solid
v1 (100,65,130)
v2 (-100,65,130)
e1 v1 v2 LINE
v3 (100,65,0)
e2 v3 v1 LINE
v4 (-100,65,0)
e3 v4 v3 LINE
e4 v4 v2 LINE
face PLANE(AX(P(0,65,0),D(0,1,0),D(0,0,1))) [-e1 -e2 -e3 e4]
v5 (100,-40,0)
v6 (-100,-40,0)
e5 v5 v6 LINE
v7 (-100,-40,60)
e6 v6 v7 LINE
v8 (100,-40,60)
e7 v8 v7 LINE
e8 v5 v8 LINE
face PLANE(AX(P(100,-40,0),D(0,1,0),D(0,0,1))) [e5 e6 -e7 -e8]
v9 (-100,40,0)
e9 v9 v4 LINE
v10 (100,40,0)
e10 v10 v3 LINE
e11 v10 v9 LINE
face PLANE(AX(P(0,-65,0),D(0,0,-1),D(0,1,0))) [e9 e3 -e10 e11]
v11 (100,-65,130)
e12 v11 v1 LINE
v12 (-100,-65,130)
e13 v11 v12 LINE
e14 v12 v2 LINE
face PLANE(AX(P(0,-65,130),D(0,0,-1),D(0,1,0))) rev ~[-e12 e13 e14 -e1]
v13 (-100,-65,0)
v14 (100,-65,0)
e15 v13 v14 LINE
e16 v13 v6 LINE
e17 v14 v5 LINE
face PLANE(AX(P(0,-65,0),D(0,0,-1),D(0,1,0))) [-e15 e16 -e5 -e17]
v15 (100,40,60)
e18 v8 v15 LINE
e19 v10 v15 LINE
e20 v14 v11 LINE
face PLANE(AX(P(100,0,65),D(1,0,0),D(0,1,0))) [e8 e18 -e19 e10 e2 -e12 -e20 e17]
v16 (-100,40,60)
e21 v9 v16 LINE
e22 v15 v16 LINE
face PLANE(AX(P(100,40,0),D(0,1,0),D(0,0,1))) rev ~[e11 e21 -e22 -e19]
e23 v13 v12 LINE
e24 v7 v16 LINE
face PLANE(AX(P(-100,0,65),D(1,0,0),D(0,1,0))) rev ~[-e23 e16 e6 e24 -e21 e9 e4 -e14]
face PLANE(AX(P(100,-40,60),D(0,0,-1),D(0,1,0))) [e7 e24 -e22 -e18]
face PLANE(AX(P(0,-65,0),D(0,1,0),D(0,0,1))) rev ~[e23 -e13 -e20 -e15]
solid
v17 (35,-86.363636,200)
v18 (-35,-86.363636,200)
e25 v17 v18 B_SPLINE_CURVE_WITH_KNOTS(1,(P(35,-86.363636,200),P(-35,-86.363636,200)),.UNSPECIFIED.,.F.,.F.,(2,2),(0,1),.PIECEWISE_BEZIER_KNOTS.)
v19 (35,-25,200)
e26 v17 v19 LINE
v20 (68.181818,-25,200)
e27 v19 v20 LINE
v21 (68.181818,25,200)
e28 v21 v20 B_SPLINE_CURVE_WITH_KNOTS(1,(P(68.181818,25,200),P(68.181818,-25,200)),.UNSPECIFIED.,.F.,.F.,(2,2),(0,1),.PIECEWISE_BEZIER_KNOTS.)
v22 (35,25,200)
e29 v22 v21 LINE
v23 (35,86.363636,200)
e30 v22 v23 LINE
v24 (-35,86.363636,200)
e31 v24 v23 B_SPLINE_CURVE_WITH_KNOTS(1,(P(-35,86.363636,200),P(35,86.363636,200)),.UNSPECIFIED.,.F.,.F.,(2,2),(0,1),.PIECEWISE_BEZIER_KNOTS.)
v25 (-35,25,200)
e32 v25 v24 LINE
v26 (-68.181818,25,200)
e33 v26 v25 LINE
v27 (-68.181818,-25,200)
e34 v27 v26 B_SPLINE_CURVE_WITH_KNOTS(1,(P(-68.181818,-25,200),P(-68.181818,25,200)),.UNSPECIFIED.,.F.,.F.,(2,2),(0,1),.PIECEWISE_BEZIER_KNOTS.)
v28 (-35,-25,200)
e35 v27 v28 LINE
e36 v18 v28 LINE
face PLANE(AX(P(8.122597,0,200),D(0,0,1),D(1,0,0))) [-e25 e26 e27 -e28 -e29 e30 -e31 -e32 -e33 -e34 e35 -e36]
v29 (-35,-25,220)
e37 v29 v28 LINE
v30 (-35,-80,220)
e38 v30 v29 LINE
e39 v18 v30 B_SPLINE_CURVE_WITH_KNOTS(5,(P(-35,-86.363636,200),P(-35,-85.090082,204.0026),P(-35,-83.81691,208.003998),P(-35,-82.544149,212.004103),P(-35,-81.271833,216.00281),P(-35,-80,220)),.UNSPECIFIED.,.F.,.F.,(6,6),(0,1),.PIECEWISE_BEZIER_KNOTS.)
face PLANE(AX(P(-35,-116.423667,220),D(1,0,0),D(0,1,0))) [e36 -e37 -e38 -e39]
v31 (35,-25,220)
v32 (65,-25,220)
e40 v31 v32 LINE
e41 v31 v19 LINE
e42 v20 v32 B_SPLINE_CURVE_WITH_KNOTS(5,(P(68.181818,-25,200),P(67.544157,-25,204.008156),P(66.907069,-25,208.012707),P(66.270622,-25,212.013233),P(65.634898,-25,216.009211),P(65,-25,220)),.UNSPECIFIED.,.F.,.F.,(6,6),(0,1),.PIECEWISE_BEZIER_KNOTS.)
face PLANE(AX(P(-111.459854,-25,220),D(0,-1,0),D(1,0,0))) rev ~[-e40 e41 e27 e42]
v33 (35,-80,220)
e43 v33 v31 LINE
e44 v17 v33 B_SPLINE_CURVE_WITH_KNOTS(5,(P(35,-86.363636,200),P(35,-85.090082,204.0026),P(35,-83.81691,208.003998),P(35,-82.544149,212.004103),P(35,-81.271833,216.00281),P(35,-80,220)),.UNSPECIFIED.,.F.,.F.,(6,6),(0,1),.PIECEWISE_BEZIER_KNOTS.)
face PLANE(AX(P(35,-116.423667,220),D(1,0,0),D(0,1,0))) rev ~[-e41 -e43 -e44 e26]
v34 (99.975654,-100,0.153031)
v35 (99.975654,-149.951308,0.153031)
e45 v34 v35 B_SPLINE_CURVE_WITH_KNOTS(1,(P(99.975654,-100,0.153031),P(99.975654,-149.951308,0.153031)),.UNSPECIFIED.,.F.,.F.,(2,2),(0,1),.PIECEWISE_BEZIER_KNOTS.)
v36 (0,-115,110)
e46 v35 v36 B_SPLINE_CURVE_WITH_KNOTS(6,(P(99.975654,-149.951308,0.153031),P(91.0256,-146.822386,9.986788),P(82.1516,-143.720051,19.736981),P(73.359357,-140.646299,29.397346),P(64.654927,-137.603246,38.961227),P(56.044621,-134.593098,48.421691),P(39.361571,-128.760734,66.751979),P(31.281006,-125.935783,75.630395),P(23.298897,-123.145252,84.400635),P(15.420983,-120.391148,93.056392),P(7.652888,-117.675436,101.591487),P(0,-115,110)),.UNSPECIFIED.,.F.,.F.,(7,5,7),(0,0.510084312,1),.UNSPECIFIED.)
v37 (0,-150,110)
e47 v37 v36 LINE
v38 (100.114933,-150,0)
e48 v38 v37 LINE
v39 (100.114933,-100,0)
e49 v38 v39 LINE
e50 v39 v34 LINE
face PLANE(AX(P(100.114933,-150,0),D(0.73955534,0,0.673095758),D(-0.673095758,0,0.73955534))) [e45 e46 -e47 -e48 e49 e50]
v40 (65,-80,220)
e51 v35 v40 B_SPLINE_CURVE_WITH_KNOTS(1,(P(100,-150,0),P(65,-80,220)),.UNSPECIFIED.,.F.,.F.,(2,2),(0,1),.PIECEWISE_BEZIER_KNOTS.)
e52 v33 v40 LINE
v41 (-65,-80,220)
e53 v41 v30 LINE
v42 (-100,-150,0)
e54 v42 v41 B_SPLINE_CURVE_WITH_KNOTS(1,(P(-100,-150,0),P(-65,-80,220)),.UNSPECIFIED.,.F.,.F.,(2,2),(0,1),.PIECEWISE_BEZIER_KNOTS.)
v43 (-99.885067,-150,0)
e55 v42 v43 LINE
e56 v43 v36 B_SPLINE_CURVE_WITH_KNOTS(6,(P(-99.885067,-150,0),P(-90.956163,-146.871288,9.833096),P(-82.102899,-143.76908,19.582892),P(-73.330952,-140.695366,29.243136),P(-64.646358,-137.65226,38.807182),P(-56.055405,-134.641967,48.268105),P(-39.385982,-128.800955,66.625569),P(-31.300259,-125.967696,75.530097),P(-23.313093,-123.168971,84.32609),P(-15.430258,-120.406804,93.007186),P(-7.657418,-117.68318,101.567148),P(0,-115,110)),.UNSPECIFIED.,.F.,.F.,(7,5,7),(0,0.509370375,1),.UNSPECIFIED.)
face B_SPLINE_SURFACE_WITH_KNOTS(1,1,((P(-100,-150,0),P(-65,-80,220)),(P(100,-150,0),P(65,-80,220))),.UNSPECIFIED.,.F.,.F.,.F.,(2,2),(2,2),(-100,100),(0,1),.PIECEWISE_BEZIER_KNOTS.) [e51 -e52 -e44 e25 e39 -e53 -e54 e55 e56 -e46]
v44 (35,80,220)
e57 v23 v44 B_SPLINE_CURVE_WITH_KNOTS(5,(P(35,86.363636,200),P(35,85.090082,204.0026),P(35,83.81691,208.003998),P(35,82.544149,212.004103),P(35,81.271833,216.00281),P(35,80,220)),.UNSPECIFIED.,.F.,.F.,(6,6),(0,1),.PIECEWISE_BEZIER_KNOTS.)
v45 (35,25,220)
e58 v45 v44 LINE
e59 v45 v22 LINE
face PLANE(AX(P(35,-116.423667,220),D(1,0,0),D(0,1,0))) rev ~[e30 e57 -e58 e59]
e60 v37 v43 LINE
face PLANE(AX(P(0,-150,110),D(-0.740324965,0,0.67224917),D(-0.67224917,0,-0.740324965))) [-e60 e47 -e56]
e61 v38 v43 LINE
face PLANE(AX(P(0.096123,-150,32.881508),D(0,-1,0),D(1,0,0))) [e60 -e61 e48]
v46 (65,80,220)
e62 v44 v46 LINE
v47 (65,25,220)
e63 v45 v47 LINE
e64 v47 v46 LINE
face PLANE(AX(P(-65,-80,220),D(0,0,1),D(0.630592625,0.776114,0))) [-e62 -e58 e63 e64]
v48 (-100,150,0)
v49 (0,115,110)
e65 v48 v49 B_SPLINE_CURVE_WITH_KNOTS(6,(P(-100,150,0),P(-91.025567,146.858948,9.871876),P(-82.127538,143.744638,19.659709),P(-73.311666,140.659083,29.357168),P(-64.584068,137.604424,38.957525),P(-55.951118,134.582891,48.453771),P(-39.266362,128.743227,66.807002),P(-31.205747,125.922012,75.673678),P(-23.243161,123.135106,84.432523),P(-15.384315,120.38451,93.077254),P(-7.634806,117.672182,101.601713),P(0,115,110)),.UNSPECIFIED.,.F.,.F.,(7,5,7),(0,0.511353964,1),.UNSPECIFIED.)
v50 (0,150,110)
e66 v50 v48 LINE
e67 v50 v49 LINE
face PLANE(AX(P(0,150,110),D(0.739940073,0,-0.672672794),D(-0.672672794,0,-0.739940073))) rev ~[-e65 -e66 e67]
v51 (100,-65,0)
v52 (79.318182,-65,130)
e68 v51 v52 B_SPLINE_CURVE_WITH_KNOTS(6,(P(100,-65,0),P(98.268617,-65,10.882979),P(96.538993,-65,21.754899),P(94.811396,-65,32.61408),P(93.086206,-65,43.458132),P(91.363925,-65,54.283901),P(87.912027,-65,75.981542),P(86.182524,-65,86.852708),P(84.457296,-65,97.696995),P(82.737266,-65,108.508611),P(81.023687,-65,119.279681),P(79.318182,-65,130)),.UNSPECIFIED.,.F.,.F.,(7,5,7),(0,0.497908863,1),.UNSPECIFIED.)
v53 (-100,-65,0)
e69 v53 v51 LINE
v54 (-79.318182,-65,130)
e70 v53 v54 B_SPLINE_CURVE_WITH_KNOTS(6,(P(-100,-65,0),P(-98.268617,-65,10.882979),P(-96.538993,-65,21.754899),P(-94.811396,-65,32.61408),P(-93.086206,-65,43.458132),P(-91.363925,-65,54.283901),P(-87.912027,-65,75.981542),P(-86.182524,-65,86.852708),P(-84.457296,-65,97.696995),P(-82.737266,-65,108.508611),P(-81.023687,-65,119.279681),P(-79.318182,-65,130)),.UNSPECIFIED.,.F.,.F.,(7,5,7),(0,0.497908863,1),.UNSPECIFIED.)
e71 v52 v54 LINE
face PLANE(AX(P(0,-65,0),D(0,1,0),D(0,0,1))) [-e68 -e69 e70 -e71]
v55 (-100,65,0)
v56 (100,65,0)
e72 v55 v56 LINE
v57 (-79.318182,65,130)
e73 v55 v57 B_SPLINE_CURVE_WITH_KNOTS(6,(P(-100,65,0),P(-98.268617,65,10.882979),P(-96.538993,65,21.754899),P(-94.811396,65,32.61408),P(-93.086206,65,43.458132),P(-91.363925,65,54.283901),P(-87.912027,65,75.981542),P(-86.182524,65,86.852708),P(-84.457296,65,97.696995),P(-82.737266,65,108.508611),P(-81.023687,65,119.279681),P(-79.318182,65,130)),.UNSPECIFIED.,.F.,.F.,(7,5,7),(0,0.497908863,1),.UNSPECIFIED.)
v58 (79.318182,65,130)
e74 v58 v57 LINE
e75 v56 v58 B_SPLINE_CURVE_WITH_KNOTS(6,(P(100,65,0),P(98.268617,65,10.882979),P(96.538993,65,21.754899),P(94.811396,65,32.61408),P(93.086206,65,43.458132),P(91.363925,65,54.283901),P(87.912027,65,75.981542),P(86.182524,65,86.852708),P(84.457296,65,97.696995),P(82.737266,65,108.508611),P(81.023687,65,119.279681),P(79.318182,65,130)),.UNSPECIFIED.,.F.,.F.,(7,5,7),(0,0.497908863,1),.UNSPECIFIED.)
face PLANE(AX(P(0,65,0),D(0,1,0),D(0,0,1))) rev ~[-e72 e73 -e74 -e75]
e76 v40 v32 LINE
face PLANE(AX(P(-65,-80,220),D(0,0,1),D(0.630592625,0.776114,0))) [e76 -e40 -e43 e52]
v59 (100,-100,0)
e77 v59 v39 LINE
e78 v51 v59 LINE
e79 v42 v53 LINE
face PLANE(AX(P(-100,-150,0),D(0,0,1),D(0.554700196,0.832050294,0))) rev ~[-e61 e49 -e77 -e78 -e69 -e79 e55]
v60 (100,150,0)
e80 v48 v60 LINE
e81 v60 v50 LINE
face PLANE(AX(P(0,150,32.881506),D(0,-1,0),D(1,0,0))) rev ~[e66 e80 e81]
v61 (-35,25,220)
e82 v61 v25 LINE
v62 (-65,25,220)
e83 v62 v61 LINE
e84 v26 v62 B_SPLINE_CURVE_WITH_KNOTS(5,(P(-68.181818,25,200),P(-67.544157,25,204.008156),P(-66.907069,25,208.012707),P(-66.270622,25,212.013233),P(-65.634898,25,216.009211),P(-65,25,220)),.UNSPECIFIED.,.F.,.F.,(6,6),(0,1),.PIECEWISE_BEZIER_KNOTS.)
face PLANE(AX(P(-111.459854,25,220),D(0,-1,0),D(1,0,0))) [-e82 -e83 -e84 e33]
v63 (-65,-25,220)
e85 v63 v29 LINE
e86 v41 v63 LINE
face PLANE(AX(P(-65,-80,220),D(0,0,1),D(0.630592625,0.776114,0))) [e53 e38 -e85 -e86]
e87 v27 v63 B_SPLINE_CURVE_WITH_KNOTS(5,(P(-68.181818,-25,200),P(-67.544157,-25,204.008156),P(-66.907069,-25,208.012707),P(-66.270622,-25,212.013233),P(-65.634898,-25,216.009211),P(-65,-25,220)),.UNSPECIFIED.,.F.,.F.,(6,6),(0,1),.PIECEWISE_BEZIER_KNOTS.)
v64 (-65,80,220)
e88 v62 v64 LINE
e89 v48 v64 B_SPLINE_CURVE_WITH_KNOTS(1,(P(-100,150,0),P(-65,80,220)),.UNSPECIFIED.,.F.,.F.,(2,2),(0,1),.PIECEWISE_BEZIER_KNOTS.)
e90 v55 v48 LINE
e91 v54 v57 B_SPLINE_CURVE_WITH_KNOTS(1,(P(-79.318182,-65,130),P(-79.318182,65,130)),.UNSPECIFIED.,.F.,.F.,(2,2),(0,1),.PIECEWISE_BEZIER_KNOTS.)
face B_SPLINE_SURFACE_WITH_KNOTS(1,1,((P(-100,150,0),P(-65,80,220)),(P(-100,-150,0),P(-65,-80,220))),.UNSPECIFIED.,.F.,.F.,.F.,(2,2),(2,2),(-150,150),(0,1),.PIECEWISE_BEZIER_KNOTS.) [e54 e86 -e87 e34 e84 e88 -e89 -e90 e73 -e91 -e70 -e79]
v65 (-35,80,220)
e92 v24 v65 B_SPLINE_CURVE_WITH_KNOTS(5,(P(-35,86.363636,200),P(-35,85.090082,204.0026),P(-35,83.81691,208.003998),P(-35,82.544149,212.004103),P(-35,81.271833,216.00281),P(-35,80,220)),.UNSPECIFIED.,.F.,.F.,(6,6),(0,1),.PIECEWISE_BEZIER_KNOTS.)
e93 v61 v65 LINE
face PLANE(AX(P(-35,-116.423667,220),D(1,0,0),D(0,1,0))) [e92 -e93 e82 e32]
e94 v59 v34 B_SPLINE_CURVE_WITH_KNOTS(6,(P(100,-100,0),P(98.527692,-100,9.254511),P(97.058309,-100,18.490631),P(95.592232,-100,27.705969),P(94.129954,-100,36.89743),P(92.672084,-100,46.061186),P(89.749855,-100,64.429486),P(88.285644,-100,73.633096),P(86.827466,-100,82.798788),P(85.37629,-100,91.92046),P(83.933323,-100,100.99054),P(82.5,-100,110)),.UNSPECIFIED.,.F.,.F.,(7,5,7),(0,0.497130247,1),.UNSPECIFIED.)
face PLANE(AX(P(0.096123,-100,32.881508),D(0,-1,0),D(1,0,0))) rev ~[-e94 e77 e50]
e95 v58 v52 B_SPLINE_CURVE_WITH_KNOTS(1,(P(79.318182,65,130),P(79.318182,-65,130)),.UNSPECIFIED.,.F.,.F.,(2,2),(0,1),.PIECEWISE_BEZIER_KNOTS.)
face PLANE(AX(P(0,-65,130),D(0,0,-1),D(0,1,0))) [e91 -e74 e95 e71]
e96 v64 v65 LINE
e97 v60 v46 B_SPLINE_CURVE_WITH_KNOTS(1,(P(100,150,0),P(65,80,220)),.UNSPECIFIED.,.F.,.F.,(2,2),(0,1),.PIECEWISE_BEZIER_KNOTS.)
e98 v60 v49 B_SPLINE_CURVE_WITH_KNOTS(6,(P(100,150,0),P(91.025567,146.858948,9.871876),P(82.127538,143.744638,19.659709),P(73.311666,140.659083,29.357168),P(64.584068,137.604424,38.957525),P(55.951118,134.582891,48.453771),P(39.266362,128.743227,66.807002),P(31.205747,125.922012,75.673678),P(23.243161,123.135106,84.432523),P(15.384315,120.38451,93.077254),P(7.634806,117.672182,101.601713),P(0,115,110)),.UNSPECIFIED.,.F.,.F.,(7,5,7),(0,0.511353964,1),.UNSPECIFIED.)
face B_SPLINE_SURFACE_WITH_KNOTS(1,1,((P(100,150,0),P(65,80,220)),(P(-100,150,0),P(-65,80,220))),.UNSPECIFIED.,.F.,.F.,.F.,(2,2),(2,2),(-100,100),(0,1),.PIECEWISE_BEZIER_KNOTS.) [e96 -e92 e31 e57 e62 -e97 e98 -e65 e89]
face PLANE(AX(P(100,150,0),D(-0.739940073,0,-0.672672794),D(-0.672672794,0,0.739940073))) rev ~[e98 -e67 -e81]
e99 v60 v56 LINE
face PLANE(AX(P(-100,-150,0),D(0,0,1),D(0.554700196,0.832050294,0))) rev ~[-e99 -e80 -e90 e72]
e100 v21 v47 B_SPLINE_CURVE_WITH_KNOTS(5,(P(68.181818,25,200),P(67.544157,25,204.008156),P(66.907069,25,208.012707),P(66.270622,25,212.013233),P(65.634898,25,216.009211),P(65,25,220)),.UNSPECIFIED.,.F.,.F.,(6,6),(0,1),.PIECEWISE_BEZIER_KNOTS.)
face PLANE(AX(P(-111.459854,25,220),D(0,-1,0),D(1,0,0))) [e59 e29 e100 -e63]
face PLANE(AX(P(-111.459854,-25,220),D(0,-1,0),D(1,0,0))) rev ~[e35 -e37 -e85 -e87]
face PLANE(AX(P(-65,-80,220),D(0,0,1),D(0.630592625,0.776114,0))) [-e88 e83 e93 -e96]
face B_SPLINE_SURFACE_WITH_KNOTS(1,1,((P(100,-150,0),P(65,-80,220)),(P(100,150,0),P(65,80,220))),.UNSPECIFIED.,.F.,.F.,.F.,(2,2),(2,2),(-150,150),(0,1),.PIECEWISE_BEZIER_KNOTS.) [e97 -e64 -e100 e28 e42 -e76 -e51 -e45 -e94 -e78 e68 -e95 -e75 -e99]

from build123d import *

# Parameters (mm, degrees)
SKETCH006_W     = 130
SKETCH006_H     = 130
PAD002_DEPTH    = 100
PAD001_DEPTH    = 50
PAD_DEPTH       = 50
SKETCH_W        = 200
SKETCH_H        = 300
SKETCH001_W     = 130
SKETCH001_H     = 160
SKETCH002_W     = 70
SKETCH002_H     = 243.677445
POCKET_DEPTH    = 20
SKETCH003_W     = 239.164902
SKETCH003_H     = 50
POCKET001_DEPTH = 20
SKETCH007_W     = 130
SKETCH007_H     = 130
PAD003_DEPTH    = 100
SKETCH008_W     = 80
SKETCH008_H     = 60
POCKET002_DEPTH = 200.001


with BuildPart() as pad002:
    # Sketch006 → Pad002 (new body, symmetric)
    with BuildSketch(Plane.YZ):
        with Locations((0, 65)):
            Rectangle(SKETCH006_W, SKETCH006_H)
    extrude(amount=PAD002_DEPTH, both=True)


with BuildPart() as pad001:
    # Sketch005 → Pad001 (new body)
    with BuildSketch(Plane.XZ.offset(-150)):
        Polygon((-100, 0), (100, 0), (0, 110), align=None)
    extrude(amount=PAD001_DEPTH)


with BuildPart() as pad:
    # Sketch004 → Pad (new body)
    with BuildSketch(Plane.XZ.offset(150)):
        Polygon((-99.885067, 0), (100.114933, 0), (0, 110), align=None)
    extrude(amount=-PAD_DEPTH)


with BuildPart() as cut:
    # Sketch → Loft section 0
    with BuildSketch(Plane.XY):
        Rectangle(SKETCH_W, SKETCH_H)
    # Sketch001 → Loft section 1
    with BuildSketch(Plane.XY.offset(220)):
        Rectangle(SKETCH001_W, SKETCH001_H)
    loft()

    # Sketch002 → Pocket (cut)
    with BuildSketch(Plane.XY.offset(220)):
        with Locations((0, 5.415055)):
            Rectangle(SKETCH002_W, SKETCH002_H)
    extrude(amount=-POCKET_DEPTH, mode=Mode.SUBTRACT)

    # Sketch003 → Pocket001 (cut)
    with BuildSketch(Plane.XY.offset(220)):
        with Locations((8.122597, 0)):
            Rectangle(SKETCH003_W, SKETCH003_H)
    extrude(amount=-POCKET001_DEPTH, mode=Mode.SUBTRACT)

    # Fusion: union Pad
    add(pad.part)

    # Fusion001: union Pad001
    add(pad001.part)

    # Cut: cut Pad002
    add(pad002.part, mode=Mode.SUBTRACT)


with BuildPart() as pocket002:
    # Sketch007 → Pad003 (new body, symmetric)
    with BuildSketch(Plane.YZ):
        with Locations((0, 65)):
            Rectangle(SKETCH007_W, SKETCH007_H)
    extrude(amount=PAD003_DEPTH, both=True)

    # Sketch008 → Pocket002 (cut, through all)
    with BuildSketch(Plane.YZ.offset(100)):
        with Locations((0, 30)):
            Rectangle(SKETCH008_W, SKETCH008_H)
    extrude(amount=-POCKET002_DEPTH, mode=Mode.SUBTRACT)


solid = Compound([cut.part, pocket002.part])
